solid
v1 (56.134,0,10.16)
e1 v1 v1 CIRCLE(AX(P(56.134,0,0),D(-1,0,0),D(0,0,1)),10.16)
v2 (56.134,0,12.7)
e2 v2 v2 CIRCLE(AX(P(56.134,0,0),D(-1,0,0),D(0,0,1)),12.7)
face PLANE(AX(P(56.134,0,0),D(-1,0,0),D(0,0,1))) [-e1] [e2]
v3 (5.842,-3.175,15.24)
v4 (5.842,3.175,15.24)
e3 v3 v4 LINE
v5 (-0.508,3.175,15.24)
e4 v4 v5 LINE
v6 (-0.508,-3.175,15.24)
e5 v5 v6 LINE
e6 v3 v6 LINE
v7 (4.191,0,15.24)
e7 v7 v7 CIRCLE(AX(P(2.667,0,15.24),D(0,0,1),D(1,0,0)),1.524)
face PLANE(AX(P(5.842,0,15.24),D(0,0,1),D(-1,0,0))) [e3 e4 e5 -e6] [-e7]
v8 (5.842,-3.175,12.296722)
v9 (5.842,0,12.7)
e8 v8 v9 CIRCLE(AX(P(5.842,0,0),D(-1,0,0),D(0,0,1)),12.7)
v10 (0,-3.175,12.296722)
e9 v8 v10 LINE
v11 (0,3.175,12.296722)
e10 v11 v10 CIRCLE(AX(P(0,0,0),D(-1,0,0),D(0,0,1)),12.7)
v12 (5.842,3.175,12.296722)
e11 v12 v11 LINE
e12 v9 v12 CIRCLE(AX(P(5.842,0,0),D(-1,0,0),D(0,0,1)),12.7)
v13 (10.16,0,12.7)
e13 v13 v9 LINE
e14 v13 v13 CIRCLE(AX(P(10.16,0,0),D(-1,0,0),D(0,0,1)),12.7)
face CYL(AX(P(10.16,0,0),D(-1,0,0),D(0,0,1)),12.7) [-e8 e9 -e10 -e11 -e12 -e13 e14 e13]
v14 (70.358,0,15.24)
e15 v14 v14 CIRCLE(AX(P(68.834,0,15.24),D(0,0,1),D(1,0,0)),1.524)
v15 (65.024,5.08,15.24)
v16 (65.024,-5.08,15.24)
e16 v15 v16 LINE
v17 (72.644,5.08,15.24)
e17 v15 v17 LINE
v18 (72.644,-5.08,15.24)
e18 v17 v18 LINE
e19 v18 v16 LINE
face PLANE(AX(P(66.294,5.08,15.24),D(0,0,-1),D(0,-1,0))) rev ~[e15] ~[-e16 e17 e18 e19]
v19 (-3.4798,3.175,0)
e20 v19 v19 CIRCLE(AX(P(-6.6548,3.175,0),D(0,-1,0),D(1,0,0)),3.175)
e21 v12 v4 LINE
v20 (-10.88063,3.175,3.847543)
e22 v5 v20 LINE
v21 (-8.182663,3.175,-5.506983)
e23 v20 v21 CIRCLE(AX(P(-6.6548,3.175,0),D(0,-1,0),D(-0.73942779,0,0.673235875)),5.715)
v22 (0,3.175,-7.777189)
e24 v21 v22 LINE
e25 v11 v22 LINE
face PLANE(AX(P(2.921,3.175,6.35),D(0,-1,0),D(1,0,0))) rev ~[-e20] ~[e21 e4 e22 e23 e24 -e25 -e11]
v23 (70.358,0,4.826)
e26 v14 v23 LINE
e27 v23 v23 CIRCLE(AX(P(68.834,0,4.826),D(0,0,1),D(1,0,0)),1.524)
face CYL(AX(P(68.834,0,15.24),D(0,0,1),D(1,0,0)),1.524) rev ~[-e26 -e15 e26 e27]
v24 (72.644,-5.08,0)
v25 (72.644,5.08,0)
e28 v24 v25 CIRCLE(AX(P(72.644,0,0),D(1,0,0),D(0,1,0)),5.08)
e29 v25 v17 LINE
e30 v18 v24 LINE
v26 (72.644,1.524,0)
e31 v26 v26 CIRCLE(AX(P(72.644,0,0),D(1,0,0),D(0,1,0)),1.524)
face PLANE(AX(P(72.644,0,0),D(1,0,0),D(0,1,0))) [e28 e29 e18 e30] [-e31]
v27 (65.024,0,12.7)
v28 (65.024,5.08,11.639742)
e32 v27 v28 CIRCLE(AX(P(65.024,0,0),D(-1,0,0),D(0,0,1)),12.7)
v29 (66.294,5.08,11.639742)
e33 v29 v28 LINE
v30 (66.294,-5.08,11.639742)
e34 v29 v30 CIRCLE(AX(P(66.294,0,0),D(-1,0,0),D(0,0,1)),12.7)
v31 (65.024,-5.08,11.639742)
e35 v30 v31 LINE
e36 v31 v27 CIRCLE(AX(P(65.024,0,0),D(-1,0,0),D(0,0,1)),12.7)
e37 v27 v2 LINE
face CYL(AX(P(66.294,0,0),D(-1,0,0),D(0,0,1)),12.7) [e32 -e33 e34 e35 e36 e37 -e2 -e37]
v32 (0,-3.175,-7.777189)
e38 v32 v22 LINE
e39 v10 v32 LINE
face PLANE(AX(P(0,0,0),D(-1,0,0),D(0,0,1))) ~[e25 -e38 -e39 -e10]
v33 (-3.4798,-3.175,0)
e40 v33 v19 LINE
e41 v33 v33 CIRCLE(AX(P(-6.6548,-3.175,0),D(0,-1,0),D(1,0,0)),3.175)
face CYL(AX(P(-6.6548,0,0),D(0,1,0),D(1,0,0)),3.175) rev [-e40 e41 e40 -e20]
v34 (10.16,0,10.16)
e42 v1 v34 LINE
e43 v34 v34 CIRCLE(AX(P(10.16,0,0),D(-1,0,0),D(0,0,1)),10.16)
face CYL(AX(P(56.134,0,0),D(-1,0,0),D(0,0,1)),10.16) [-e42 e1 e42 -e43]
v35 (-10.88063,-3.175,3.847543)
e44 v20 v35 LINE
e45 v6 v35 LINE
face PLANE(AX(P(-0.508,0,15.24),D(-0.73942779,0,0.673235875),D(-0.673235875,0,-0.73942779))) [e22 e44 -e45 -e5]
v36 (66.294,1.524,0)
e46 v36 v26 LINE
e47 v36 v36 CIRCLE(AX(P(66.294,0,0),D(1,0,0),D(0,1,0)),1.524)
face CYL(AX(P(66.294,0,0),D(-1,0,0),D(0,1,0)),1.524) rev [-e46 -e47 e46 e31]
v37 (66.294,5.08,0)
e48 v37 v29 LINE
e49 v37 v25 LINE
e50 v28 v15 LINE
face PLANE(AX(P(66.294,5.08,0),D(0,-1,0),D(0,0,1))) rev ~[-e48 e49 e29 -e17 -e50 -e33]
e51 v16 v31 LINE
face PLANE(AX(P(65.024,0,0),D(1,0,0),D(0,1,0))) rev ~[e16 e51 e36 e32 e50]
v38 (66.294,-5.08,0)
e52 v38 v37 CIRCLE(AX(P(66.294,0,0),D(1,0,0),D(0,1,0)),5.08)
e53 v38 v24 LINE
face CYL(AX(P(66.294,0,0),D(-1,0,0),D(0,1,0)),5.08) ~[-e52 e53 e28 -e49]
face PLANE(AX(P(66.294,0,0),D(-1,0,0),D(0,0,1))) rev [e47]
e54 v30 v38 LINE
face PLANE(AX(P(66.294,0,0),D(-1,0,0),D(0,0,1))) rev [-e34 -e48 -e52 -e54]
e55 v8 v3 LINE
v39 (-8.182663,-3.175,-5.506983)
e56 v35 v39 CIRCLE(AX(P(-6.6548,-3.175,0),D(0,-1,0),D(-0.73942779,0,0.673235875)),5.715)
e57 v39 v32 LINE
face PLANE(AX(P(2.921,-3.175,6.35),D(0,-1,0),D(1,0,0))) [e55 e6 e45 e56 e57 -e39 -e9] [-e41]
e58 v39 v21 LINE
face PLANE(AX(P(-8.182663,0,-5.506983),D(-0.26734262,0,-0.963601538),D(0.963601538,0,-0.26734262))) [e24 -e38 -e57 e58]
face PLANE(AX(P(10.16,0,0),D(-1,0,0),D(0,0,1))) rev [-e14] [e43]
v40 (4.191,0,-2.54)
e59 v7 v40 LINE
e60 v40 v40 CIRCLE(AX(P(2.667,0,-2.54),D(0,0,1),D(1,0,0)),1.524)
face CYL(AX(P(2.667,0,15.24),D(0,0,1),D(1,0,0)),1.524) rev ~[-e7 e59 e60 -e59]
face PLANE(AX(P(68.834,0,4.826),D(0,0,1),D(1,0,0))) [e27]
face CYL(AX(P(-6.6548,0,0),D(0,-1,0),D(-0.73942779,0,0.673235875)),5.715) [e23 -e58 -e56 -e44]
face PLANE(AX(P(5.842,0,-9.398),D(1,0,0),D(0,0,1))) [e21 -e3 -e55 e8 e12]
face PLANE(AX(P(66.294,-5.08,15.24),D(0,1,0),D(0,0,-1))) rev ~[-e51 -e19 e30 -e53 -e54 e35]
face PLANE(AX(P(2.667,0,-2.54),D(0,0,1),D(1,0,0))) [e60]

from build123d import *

# Parameters (mm, degrees)
F0_W          = 5.842
F0_H          = 12.7
F0_R          = 3.175
F2_DEPTH      = 3.175
F3_R          = 1.524
F4_DEPTH      = 1.27
F4_DEPTH_BACK = 6.35
F5_R          = 1.524
F6_DEPTH      = 10.414
F7_R          = 1.524
F8_DEPTH      = 17.78
F9_DEPTH      = 56.134


with BuildPart() as f1:
    # F0 (on Front) → F1 (revolve)
    with BuildSketch(Plane.XZ):
        Polygon((5.842, 12.7), (5.842, 0), (66.294, 0), (66.294, 12.7), (56.134, 12.7), (56.134, 10.16), (10.16, 10.16), (10.16, 12.7), align=None)
        with Locations((2.921, 6.35)):
            Rectangle(F0_W, F0_H)
    revolve(axis=Axis((33.147, 0, 0), (-1, 0, 0)))

    # F0 (on Front) → F2 (join, symmetric)
    with BuildSketch(Plane.XZ):
        with Locations((2.921, 6.35)):
            Rectangle(F0_W, F0_H)
        with BuildLine():
            Line((-0.9398, 0), (0, 0))
            Line((0, 0), (0, 12.7))
            Line((0, 12.7), (5.842, 12.7))
            Line((5.842, 12.7), (5.842, 15.24))
            Line((5.842, 15.24), (-0.508, 15.24))
            Line((-0.508, 15.24), (-10.8806298187, 3.8475430269))
            ThreePointArc((-10.8806298187, 3.8475430269), (-4.5919612295, 5.3297205562), (-0.9398, 0))
        make_face()
        with BuildLine():
            ThreePointArc((-8.1826630726, -5.5069827884), (-3.1957909266, -4.5493385486), (-0.9398, 0))
            ThreePointArc((-0.9398, 0), (-4.5919612295, 5.3297205562), (-10.8806298187, 3.8475430269))
            ThreePointArc((-10.8806298187, 3.8475430269), (-12.1459778134, -1.5837270034), (-8.1826630726, -5.5069827884))
        make_face()
        with Locations((-6.6548, 0)):
            Circle(F0_R, mode=Mode.SUBTRACT)
        with BuildLine():
            Line((5.842, 0), (0, 0))
            Line((0, 0), (-0.9398, 0))
            ThreePointArc((-0.9398, 0), (-3.1957909266, -4.5493385486), (-8.1826630726, -5.5069827884))
            Line((-8.1826630726, -5.5069827884), (5.842, -9.398))
            Line((5.842, -9.398), (5.842, 0))
        make_face()
    extrude(amount=F2_DEPTH, both=True)

    # F3 (on face) → F4 (join, two sides)
    with BuildSketch(Plane.YZ.offset(66.294)) as f4_sk:
        with BuildLine():
            ThreePointArc((-5.08, 0), (0, -5.08), (5.08, 0))
            ThreePointArc((5.08, 0), (0, 5.08), (-5.08, 0))
        make_face()
        Circle(F3_R, mode=Mode.SUBTRACT)
        with BuildLine():
            ThreePointArc((-5.08, 0), (0, 5.08), (5.08, 0))
            Line((5.08, 0), (5.08, 15.24))
            Line((5.08, 15.24), (-5.08, 15.24))
            Line((-5.08, 15.24), (-5.08, 0))
        make_face()
    extrude(amount=-F4_DEPTH)
    extrude(f4_sk.sketch, amount=F4_DEPTH_BACK)

    # F5 (on face) → F6 (cut)
    with BuildSketch(Plane.XY.offset(15.24)):
        with Locations((68.834, 0)):
            Circle(F5_R)
    extrude(amount=-F6_DEPTH, mode=Mode.SUBTRACT)

    # F7 (on face) → F8 (cut)
    with BuildSketch(Plane.XY.offset(15.24)):
        with Locations((2.667, 0)):
            Circle(F7_R)
    extrude(amount=-F8_DEPTH, mode=Mode.SUBTRACT)

    # F9 (add, through all): a face of the model
    f9_faces = [f1.faces().sort_by_distance(p)[0] for p in [
        (66.294, 0, 0),
    ]]
    extrude(f9_faces, amount=-F9_DEPTH)


solid = f1.part
